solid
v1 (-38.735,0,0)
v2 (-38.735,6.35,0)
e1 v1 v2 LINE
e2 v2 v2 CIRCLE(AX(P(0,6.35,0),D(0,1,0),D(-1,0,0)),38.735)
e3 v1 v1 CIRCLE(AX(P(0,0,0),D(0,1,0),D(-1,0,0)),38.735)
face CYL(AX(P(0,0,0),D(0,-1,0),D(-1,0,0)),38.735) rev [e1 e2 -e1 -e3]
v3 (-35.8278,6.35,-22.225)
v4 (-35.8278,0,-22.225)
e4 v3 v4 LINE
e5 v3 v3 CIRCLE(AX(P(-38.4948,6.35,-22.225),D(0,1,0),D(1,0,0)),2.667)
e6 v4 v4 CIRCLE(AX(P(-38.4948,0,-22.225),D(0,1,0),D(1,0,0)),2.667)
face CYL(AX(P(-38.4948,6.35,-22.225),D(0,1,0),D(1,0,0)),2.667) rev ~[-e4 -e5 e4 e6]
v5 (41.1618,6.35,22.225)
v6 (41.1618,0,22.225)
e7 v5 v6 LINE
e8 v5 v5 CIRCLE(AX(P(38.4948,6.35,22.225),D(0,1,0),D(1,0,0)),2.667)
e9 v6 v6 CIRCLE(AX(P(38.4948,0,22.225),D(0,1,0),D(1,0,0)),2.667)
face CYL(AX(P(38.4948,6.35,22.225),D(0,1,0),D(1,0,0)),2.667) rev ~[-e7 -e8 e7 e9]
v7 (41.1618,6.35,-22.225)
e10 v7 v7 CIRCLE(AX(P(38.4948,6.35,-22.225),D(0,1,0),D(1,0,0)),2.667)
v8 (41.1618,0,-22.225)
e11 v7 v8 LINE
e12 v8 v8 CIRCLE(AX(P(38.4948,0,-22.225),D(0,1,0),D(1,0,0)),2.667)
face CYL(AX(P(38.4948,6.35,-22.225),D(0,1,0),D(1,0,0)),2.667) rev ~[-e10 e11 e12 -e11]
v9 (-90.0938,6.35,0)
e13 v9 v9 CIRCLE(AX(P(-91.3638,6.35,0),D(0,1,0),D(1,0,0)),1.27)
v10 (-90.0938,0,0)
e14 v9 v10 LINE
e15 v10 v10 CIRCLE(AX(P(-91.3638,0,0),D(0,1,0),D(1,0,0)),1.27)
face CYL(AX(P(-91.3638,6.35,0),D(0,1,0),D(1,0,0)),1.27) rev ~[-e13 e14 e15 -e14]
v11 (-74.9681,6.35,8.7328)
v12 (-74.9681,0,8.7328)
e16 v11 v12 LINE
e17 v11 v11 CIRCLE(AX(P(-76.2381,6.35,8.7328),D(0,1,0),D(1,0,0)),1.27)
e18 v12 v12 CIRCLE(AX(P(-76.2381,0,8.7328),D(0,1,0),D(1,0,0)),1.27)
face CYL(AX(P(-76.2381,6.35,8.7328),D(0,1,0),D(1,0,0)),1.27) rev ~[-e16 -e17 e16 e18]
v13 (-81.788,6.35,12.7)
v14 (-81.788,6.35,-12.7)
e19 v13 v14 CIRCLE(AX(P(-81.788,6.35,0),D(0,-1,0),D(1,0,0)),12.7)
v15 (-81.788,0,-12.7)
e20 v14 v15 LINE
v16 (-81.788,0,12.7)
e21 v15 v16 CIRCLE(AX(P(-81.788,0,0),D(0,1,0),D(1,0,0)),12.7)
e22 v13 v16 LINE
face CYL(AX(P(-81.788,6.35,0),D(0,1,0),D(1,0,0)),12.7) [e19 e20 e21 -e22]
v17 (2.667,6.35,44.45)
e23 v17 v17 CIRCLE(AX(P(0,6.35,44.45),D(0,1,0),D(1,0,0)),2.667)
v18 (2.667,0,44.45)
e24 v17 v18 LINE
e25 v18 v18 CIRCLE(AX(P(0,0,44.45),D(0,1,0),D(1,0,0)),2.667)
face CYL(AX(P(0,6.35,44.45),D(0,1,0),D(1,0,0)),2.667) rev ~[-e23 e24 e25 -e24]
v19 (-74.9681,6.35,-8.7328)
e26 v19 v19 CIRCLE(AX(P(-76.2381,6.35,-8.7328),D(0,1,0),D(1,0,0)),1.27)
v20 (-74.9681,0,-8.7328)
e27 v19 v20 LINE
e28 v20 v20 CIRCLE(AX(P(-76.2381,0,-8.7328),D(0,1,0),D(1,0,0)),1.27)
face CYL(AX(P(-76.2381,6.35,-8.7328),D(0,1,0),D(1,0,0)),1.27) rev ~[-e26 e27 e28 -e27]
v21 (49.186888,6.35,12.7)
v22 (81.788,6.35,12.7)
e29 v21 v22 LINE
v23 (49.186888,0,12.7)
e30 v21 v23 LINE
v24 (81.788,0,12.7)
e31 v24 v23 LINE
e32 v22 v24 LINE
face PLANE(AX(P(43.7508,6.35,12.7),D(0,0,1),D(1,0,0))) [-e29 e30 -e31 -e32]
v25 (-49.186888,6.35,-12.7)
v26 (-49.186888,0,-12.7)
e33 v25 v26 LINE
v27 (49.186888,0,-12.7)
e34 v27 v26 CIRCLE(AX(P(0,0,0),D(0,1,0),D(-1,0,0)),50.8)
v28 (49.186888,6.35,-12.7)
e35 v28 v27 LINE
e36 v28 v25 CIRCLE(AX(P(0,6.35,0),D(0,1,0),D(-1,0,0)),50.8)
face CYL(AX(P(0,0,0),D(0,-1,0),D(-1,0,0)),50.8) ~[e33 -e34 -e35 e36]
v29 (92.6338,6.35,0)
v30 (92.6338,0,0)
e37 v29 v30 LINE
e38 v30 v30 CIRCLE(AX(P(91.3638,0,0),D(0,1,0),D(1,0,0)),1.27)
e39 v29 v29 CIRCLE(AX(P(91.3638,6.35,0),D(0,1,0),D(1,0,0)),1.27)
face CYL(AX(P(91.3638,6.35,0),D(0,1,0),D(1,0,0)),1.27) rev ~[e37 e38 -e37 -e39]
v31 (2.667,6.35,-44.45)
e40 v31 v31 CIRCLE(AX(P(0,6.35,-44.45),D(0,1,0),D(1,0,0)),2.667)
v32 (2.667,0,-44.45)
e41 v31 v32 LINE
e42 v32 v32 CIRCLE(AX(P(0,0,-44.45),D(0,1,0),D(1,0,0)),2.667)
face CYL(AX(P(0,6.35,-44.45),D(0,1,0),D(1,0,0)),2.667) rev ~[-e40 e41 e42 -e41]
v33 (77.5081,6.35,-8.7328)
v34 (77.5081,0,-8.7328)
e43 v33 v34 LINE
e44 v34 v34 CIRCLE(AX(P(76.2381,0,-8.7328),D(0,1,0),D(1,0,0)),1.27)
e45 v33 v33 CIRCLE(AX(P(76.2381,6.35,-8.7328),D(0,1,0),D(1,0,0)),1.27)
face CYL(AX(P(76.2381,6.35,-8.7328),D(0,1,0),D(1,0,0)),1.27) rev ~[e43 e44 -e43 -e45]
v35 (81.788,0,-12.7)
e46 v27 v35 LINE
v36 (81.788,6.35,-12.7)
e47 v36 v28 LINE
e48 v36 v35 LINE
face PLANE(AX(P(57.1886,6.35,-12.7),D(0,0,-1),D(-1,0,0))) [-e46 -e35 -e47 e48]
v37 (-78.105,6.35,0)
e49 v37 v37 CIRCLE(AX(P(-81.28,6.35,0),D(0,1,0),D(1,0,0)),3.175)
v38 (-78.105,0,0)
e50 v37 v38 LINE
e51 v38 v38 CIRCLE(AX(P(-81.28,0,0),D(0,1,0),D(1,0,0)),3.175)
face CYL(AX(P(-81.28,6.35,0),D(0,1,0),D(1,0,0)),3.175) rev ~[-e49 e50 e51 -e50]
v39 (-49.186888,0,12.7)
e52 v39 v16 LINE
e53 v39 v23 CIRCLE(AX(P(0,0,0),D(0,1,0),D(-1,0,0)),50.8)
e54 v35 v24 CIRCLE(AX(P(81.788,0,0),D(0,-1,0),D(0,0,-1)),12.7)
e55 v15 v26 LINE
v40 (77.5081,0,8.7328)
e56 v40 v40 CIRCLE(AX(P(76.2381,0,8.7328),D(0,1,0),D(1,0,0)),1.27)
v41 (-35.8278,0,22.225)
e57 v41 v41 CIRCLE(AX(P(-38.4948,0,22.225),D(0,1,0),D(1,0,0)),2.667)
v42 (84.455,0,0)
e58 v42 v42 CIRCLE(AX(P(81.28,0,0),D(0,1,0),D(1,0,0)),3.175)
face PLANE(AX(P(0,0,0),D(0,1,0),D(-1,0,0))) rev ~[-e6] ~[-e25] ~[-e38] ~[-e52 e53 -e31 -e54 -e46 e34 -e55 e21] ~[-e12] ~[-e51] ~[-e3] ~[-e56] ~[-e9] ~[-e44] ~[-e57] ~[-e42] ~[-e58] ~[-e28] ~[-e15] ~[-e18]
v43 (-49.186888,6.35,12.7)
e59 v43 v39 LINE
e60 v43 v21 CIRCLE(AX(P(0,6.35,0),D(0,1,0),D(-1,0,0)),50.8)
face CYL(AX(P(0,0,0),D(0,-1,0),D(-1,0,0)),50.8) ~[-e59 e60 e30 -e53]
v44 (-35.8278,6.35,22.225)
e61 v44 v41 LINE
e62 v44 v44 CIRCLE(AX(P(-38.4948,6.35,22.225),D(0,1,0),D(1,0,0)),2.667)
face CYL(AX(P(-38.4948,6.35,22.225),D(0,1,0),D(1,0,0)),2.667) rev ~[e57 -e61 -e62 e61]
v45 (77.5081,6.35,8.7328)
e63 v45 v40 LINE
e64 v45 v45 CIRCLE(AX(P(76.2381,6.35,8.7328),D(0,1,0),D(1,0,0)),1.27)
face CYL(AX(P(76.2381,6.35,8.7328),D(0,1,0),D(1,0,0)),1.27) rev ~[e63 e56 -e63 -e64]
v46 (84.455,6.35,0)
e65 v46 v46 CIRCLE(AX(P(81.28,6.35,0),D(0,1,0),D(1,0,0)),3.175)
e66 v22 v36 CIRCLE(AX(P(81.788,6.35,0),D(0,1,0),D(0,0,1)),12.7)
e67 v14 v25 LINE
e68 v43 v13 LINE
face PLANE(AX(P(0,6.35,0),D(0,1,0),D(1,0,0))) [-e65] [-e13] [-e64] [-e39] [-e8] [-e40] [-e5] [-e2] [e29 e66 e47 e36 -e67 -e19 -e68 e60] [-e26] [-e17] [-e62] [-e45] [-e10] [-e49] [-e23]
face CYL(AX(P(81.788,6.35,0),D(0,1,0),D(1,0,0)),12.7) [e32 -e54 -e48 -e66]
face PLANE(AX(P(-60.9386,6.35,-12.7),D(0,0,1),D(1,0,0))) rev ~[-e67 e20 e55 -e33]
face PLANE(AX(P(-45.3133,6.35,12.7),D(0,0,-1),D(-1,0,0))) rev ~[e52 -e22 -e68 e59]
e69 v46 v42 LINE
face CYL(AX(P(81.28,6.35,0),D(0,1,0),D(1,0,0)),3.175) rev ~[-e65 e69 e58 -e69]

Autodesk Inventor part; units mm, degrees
ref_plane "YZ Plane" through (0, 0, 0) normal (1, 0, 0) x (0, 1, 0)
ref_plane "XZ Plane" through (0, 0, 0) normal (0, 1, 0) x (-1, 0, 0)
ref_plane "XY Plane" through (0, 0, 0) normal (0, 0, 1) x (1, 0, 0)
sketch "Sketch4" plane through (0, 0, 0) normal (0, 1, 0) x (-1, 0, 0)
  circle A0 centre (0, 0) radius 38.735
  circle A1 centre (0, 0) radius 50.8
  dimension "d9" = 77.47
  dimension "d10" = 101.6
extrude "Extrusion2" add sketch "Sketch4" along normal blind 6.35
sketch "Sketch5" plane through (0, 6.35, 0) normal (0, 1, 0) x (1, 0, 0)
  circle A0 centre (0, -44.45) radius 2.667
  circle A1 centre (38.4948, -22.225) radius 2.667
  circle A2 centre (38.4948, 22.225) radius 2.667
  circle A3 centre (0, 44.45) radius 2.667
  circle A4 centre (-38.4948, 22.225) radius 2.667
  circle A5 centre (-38.4948, -22.225) radius 2.667
  point P0 (0, 0)
  dimension "d13" = 5.334
  dimension "d16" = 360
extrude "Extrusion3" cut sketch "Sketch5" against normal blind 6.35
sketch "Sketch7" plane through (0, 6.35, 0) normal (0, 1, 0) x (1, 0, 0)
  line L0 (50.8, 12.7) -> (81.788, 12.7)
  line L1 (81.788, 12.7) -> (81.788, -12.7)
  line L2 (81.788, -12.7) -> (50.8, -12.7)
  line L3 (50.8, -12.7) -> (50.8, 12.7)
  line L4 (-50.8, 12.7) -> (-81.788, 12.7)
  line L5 (-81.788, 12.7) -> (-81.788, -12.7)
  line L6 (-81.788, -12.7) -> (-50.8, -12.7)
  line L7 (-50.8, -12.7) -> (-50.8, 12.7)
  point P0 (0, 0)
  dimension "d50" = 30.988
  dimension "d51" = 25.4
  dimension "d52" = 30.988
extrude "Extrusion4" add sketch "Sketch7" against normal blind 6.35
sketch "Sketch8" plane through (0, 6.35, 0) normal (0, 1, 0) x (1, 0, 0)
  line L0 (-123.5202, 12.7) -> (-50.8, 12.7) projected
  line L1 (-60.9386, 12.7) -> (-45.3133, 12.7)
  line L2 (-45.3133, 12.7) -> (-45.3133, -12.7)
  line L3 (-45.3133, -12.7) -> (-60.9386, -12.7)
  line L4 (-60.9386, -12.7) -> (-60.9386, 12.7)
  line L5 (57.1886, 12.7) -> (43.7508, 12.7)
  line L6 (43.7508, 12.7) -> (43.7508, -12.7)
  line L7 (43.7508, -12.7) -> (57.1886, -12.7)
  line L8 (57.1886, -12.7) -> (57.1886, 12.7)
  point P0 (0, 0)
extrude "Extrusion5" add sketch "Sketch8" against normal blind 6.35
sketch "Sketch9" plane through (0, 6.35, 0) normal (0, 1, 0) x (1, 0, 0)
  line L0 (111.76, 12.7) -> (111.76, -12.7) projected
  line L1 (81.788, 12.7) -> (81.788, -12.7) projected
  circle A0 centre (81.788, 0) radius 12.7
  line L2 (-81.788, 12.7) -> (-81.788, -12.7) projected
  circle A1 centre (-81.788, 0) radius 12.7
  point P0 (0, 0)
  point P1 (-111.7602, 0)
  point P2 (-111.76, -12.7)
extrude "Extrusion6" add sketch "Sketch9" against normal blind 6.35
sketch "Sketch10" plane through (0, 6.35, 0) normal (0, 1, 0) x (1, 0, 0)
  circle A0 centre (81.28, 0) radius 3.175
  circle A1 centre (91.3638, 0) radius 1.27
  circle A2 centre (76.2381, 8.7328) radius 1.27
  circle A3 centre (76.2381, -8.7328) radius 1.27
  circle A4 centre (-81.28, 0) radius 3.175
  circle A5 centre (-91.3638, 0) radius 1.27
  circle A6 centre (-76.2381, -8.7328) radius 1.27
  circle A7 centre (-76.2381, 8.7328) radius 1.27
  point P0 (0, 0)
  dimension "d53" = 6.35
  dimension "d54" = 2.54
  dimension "d57" = 360
  dimension "d59" = 6.35
  dimension "d60" = 2.54
  dimension "d63" = 360
extrude "Extrusion7" cut sketch "Sketch10" against normal blind 6.35
properties part number "middle plate"
